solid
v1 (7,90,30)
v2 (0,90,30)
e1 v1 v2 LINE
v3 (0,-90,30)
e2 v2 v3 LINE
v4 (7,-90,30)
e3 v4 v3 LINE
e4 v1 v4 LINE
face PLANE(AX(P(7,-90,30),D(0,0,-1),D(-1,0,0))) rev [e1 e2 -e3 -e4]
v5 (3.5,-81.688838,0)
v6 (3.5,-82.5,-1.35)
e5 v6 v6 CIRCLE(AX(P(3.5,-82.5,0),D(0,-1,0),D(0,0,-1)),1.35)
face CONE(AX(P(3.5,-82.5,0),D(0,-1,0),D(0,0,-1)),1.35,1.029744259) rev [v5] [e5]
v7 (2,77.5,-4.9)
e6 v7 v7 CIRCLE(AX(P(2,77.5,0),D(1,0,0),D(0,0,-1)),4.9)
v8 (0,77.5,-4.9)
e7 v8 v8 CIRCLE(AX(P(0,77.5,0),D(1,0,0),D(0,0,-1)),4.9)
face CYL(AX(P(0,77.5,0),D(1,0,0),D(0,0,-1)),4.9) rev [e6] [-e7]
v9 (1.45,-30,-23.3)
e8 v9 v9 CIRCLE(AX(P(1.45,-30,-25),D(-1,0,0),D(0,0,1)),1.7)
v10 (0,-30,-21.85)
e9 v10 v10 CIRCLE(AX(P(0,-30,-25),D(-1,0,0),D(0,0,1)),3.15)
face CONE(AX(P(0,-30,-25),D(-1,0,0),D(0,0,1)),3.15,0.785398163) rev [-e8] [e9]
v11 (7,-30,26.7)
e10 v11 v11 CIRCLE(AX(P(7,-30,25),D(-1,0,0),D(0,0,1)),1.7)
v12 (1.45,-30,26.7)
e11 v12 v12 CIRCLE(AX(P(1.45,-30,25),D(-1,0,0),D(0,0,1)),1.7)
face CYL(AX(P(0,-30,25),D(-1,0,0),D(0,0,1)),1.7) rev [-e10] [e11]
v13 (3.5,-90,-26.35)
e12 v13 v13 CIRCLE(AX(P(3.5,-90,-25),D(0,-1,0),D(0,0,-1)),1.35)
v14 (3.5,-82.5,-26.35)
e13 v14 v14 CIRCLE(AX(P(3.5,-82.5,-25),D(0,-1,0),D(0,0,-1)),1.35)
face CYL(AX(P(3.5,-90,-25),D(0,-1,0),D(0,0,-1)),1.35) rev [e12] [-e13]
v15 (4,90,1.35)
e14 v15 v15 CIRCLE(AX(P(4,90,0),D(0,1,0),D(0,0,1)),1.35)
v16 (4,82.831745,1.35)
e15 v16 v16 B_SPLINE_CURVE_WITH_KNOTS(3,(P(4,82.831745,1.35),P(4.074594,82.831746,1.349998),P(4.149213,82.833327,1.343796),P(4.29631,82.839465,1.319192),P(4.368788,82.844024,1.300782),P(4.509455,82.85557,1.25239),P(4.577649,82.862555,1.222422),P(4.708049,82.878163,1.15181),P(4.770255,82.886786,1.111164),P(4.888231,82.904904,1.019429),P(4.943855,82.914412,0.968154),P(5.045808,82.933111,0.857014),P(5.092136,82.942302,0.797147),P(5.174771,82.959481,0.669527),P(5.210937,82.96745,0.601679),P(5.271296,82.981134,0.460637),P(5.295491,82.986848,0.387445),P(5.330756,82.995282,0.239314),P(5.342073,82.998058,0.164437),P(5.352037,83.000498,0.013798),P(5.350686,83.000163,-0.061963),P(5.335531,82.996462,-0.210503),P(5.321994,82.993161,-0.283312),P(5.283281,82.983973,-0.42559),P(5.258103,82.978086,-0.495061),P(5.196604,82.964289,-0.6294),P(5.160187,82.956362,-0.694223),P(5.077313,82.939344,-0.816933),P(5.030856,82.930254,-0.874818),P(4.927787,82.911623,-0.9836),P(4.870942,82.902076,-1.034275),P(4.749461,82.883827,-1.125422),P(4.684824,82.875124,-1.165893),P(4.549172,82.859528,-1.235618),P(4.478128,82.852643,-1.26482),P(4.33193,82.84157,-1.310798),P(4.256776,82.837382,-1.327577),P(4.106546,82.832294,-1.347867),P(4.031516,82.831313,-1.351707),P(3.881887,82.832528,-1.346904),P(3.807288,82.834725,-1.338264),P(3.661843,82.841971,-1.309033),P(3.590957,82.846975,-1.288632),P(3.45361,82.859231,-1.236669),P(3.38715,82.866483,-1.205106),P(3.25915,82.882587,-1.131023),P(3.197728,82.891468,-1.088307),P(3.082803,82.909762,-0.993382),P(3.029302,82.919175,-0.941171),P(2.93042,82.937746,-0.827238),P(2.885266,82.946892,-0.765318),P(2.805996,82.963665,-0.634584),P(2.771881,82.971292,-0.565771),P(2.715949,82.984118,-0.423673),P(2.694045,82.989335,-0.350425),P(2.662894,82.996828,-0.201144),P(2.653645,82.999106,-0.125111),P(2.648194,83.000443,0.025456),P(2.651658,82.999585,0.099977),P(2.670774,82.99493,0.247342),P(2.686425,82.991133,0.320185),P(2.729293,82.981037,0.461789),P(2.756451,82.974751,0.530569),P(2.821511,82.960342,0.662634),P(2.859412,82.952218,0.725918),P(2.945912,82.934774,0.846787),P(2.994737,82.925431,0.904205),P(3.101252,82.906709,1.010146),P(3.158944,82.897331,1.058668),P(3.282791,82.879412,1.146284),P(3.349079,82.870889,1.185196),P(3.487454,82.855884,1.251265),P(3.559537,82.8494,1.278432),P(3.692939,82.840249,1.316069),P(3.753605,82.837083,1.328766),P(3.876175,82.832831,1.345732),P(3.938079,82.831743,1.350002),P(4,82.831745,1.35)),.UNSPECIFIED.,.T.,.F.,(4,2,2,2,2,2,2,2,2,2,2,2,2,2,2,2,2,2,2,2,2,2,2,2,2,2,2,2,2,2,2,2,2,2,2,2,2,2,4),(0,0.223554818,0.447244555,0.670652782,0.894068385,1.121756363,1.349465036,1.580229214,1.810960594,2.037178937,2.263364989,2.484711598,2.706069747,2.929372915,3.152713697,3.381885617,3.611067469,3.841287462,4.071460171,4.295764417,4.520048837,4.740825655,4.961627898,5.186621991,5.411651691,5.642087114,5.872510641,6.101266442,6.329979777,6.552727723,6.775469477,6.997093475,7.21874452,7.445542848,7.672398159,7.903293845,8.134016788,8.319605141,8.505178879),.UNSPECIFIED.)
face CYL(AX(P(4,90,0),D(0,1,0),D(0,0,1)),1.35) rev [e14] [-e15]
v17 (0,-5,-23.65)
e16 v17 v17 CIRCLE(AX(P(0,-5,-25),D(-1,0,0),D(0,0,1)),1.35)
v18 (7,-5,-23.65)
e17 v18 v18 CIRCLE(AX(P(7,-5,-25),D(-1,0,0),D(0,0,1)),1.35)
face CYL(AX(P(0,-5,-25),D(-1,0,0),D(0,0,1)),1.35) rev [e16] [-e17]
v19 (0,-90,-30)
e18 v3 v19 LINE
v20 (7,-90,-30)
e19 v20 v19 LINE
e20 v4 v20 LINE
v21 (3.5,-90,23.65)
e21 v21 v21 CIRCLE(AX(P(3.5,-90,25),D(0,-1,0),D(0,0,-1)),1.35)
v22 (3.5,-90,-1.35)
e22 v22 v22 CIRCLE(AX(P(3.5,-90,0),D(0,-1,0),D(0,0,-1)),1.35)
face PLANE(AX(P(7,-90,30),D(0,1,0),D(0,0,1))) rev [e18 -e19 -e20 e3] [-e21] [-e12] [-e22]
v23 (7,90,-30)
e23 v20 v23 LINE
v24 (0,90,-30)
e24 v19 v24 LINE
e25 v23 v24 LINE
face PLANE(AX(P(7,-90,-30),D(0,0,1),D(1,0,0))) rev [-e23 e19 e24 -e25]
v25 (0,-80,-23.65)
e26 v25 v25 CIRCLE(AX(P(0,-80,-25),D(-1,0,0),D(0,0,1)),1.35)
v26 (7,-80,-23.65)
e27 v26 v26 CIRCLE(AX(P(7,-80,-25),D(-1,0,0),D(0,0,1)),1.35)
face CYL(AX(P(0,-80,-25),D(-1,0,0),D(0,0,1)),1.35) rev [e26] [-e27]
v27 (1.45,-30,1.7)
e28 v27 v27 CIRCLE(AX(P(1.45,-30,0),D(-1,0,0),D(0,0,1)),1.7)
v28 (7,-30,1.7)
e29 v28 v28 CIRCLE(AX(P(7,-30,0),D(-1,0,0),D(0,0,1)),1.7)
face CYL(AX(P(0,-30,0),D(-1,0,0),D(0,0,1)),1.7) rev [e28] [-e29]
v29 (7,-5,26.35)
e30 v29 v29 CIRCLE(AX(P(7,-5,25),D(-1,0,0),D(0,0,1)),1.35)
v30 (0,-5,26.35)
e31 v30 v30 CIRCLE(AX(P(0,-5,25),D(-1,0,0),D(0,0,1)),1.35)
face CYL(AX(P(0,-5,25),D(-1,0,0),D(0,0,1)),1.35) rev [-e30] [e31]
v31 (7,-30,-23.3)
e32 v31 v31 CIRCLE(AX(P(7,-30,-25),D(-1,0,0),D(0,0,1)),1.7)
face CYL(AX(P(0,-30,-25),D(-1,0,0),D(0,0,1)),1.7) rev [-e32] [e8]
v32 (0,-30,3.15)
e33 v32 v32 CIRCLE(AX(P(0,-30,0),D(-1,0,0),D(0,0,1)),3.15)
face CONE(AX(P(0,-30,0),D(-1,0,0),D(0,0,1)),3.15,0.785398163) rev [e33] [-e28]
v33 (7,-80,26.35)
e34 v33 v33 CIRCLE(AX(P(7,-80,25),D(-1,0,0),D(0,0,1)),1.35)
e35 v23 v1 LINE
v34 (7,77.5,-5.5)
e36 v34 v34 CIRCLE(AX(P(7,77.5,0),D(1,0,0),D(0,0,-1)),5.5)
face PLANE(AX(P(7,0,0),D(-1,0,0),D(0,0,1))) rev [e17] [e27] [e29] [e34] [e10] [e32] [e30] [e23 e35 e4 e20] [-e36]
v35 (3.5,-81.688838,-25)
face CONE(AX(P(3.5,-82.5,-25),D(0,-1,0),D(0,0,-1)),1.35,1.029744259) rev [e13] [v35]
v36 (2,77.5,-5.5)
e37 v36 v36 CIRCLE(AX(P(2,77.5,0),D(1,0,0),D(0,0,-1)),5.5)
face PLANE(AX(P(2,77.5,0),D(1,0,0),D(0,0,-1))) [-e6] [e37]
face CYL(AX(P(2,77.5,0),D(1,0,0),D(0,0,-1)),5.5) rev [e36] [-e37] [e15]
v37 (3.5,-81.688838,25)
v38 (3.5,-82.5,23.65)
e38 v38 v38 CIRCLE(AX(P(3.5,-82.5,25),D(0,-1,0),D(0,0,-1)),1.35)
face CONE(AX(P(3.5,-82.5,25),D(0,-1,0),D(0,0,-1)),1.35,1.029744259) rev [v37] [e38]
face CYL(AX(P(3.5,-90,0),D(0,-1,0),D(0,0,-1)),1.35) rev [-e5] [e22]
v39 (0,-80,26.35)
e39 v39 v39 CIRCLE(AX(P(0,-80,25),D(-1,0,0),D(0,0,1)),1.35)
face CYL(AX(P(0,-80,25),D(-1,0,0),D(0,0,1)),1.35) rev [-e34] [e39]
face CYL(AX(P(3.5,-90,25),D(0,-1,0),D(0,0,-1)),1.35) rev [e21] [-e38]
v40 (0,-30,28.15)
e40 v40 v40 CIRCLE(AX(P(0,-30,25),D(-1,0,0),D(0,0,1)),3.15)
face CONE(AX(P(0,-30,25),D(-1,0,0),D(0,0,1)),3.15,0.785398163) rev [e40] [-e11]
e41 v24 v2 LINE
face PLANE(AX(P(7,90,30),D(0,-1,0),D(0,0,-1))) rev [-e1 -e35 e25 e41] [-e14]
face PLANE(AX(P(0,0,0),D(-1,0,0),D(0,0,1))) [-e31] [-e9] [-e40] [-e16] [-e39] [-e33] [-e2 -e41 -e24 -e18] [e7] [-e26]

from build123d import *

# Parameters (mm, degrees)
SKETCH_1_W                   = 60
SKETCH_1_H                   = 180
EXTRUDE_1_DEPTH              = 7
SKETCH_2_R                   = 5.5
CUT_EXTRUDE_1_DEPTH          = 5
SKETCH_3_R                   = 4.9
CUT_EXTRUDE_2_DEPTH          = 96
HOLE_WIZARD_M3_1_D           = 3.4
HOLE_WIZARD_M3_1_DEPTH       = 7.5
HOLE_WIZARD_M3_1_CSINK_D     = 6.3
HOLE_WIZARD_M3_1_CSINK_ANGLE = 90
HOLE_WIZARD_M3_1_TIP         = 1.021463052
F_1_0MM_3_REACH              = 184.617
F_1_0MM_3_BORE_R             = 1.35
F_1_0MM_2_D                  = 2.7
F_1_0MM_2_DEPTH              = 7.5
F_1_0MM_2_TIP                = 0.811161836
F_1_0MM_1_D                  = 2.7


with BuildPart() as part:
    # 草圖1 → 填料-伸長1 (new body)
    with BuildSketch(Plane(origin=(0, 0, 0), x_dir=(0, 0, -1), z_dir=(1, 0, 0))):
        Rectangle(SKETCH_1_W, SKETCH_1_H)
    extrude(amount=EXTRUDE_1_DEPTH)

    # 草圖2 → 除料-伸長1 (cut)
    with BuildSketch(Plane(origin=(7, 0, 0), x_dir=(0, 0, -1), z_dir=(1, 0, 0))):
        with Locations((0, 77.5)):
            Circle(SKETCH_2_R)
    extrude(amount=-CUT_EXTRUDE_1_DEPTH, mode=Mode.SUBTRACT)

    # 草圖3 → 除料-伸長2 (cut, through all)
    with BuildSketch(Plane(origin=(2, 0, 0), x_dir=(0, 0, -1), z_dir=(1, 0, 0))):
        with Locations((0, 77.5)):
            Circle(SKETCH_3_R)
    extrude(amount=-CUT_EXTRUDE_2_DEPTH, mode=Mode.SUBTRACT)

    # M3 錐坑平頭螺釘的錐孔1
    with Locations(Plane.ZY):
        with Locations((-25, -30), (0, -30), (25, -30)):
            CounterSinkHole(HOLE_WIZARD_M3_1_D / 2, HOLE_WIZARD_M3_1_CSINK_D / 2, depth=HOLE_WIZARD_M3_1_DEPTH, counter_sink_angle=HOLE_WIZARD_M3_1_CSINK_ANGLE)
            with Locations((0, 0, -(HOLE_WIZARD_M3_1_DEPTH + HOLE_WIZARD_M3_1_TIP / 2))):  # 118° drill point
                Cone(0, HOLE_WIZARD_M3_1_D / 2, HOLE_WIZARD_M3_1_TIP, mode=Mode.SUBTRACT)

    # Ø1.0mm 定位孔3 bore → Ø1.0mm 定位孔3 (cut, up to next)
    with BuildSketch(Plane(origin=(0, 90, 0), x_dir=(1, 0, 0), z_dir=(0, 1, 0)), mode=Mode.PRIVATE) as f_1_0mm_3_sk1:
        with Locations((4, 0)):
            Circle(F_1_0MM_3_BORE_R)
    f_1_0mm_3_tool1 = extrude(f_1_0mm_3_sk1.sketch, amount=-F_1_0MM_3_REACH, mode=Mode.PRIVATE) & part.part
    add(f_1_0mm_3_tool1.solids().sort_by_distance((4, 90, 0))[0], mode=Mode.SUBTRACT)

    # Ø1.0mm 定位孔2
    with Locations(Plane(origin=(0, -90, 0), x_dir=(-1, 0, 0), z_dir=(0, -1, 0))):
        with Locations((-3.5, 25), (-3.5, 0), (-3.5, -25)):
            Hole(F_1_0MM_2_D / 2, depth=F_1_0MM_2_DEPTH)
            with Locations((0, 0, -(F_1_0MM_2_DEPTH + F_1_0MM_2_TIP / 2))):  # 118° drill point
                Cone(0, F_1_0MM_2_D / 2, F_1_0MM_2_TIP, mode=Mode.SUBTRACT)

    # Ø1.0mm 定位孔1 (through all)
    with Locations(Plane.ZY):
        with Locations((25, -5), (25, -80), (-25, -80), (-25, -5)):
            Hole(F_1_0MM_1_D / 2)


solid = part.part
